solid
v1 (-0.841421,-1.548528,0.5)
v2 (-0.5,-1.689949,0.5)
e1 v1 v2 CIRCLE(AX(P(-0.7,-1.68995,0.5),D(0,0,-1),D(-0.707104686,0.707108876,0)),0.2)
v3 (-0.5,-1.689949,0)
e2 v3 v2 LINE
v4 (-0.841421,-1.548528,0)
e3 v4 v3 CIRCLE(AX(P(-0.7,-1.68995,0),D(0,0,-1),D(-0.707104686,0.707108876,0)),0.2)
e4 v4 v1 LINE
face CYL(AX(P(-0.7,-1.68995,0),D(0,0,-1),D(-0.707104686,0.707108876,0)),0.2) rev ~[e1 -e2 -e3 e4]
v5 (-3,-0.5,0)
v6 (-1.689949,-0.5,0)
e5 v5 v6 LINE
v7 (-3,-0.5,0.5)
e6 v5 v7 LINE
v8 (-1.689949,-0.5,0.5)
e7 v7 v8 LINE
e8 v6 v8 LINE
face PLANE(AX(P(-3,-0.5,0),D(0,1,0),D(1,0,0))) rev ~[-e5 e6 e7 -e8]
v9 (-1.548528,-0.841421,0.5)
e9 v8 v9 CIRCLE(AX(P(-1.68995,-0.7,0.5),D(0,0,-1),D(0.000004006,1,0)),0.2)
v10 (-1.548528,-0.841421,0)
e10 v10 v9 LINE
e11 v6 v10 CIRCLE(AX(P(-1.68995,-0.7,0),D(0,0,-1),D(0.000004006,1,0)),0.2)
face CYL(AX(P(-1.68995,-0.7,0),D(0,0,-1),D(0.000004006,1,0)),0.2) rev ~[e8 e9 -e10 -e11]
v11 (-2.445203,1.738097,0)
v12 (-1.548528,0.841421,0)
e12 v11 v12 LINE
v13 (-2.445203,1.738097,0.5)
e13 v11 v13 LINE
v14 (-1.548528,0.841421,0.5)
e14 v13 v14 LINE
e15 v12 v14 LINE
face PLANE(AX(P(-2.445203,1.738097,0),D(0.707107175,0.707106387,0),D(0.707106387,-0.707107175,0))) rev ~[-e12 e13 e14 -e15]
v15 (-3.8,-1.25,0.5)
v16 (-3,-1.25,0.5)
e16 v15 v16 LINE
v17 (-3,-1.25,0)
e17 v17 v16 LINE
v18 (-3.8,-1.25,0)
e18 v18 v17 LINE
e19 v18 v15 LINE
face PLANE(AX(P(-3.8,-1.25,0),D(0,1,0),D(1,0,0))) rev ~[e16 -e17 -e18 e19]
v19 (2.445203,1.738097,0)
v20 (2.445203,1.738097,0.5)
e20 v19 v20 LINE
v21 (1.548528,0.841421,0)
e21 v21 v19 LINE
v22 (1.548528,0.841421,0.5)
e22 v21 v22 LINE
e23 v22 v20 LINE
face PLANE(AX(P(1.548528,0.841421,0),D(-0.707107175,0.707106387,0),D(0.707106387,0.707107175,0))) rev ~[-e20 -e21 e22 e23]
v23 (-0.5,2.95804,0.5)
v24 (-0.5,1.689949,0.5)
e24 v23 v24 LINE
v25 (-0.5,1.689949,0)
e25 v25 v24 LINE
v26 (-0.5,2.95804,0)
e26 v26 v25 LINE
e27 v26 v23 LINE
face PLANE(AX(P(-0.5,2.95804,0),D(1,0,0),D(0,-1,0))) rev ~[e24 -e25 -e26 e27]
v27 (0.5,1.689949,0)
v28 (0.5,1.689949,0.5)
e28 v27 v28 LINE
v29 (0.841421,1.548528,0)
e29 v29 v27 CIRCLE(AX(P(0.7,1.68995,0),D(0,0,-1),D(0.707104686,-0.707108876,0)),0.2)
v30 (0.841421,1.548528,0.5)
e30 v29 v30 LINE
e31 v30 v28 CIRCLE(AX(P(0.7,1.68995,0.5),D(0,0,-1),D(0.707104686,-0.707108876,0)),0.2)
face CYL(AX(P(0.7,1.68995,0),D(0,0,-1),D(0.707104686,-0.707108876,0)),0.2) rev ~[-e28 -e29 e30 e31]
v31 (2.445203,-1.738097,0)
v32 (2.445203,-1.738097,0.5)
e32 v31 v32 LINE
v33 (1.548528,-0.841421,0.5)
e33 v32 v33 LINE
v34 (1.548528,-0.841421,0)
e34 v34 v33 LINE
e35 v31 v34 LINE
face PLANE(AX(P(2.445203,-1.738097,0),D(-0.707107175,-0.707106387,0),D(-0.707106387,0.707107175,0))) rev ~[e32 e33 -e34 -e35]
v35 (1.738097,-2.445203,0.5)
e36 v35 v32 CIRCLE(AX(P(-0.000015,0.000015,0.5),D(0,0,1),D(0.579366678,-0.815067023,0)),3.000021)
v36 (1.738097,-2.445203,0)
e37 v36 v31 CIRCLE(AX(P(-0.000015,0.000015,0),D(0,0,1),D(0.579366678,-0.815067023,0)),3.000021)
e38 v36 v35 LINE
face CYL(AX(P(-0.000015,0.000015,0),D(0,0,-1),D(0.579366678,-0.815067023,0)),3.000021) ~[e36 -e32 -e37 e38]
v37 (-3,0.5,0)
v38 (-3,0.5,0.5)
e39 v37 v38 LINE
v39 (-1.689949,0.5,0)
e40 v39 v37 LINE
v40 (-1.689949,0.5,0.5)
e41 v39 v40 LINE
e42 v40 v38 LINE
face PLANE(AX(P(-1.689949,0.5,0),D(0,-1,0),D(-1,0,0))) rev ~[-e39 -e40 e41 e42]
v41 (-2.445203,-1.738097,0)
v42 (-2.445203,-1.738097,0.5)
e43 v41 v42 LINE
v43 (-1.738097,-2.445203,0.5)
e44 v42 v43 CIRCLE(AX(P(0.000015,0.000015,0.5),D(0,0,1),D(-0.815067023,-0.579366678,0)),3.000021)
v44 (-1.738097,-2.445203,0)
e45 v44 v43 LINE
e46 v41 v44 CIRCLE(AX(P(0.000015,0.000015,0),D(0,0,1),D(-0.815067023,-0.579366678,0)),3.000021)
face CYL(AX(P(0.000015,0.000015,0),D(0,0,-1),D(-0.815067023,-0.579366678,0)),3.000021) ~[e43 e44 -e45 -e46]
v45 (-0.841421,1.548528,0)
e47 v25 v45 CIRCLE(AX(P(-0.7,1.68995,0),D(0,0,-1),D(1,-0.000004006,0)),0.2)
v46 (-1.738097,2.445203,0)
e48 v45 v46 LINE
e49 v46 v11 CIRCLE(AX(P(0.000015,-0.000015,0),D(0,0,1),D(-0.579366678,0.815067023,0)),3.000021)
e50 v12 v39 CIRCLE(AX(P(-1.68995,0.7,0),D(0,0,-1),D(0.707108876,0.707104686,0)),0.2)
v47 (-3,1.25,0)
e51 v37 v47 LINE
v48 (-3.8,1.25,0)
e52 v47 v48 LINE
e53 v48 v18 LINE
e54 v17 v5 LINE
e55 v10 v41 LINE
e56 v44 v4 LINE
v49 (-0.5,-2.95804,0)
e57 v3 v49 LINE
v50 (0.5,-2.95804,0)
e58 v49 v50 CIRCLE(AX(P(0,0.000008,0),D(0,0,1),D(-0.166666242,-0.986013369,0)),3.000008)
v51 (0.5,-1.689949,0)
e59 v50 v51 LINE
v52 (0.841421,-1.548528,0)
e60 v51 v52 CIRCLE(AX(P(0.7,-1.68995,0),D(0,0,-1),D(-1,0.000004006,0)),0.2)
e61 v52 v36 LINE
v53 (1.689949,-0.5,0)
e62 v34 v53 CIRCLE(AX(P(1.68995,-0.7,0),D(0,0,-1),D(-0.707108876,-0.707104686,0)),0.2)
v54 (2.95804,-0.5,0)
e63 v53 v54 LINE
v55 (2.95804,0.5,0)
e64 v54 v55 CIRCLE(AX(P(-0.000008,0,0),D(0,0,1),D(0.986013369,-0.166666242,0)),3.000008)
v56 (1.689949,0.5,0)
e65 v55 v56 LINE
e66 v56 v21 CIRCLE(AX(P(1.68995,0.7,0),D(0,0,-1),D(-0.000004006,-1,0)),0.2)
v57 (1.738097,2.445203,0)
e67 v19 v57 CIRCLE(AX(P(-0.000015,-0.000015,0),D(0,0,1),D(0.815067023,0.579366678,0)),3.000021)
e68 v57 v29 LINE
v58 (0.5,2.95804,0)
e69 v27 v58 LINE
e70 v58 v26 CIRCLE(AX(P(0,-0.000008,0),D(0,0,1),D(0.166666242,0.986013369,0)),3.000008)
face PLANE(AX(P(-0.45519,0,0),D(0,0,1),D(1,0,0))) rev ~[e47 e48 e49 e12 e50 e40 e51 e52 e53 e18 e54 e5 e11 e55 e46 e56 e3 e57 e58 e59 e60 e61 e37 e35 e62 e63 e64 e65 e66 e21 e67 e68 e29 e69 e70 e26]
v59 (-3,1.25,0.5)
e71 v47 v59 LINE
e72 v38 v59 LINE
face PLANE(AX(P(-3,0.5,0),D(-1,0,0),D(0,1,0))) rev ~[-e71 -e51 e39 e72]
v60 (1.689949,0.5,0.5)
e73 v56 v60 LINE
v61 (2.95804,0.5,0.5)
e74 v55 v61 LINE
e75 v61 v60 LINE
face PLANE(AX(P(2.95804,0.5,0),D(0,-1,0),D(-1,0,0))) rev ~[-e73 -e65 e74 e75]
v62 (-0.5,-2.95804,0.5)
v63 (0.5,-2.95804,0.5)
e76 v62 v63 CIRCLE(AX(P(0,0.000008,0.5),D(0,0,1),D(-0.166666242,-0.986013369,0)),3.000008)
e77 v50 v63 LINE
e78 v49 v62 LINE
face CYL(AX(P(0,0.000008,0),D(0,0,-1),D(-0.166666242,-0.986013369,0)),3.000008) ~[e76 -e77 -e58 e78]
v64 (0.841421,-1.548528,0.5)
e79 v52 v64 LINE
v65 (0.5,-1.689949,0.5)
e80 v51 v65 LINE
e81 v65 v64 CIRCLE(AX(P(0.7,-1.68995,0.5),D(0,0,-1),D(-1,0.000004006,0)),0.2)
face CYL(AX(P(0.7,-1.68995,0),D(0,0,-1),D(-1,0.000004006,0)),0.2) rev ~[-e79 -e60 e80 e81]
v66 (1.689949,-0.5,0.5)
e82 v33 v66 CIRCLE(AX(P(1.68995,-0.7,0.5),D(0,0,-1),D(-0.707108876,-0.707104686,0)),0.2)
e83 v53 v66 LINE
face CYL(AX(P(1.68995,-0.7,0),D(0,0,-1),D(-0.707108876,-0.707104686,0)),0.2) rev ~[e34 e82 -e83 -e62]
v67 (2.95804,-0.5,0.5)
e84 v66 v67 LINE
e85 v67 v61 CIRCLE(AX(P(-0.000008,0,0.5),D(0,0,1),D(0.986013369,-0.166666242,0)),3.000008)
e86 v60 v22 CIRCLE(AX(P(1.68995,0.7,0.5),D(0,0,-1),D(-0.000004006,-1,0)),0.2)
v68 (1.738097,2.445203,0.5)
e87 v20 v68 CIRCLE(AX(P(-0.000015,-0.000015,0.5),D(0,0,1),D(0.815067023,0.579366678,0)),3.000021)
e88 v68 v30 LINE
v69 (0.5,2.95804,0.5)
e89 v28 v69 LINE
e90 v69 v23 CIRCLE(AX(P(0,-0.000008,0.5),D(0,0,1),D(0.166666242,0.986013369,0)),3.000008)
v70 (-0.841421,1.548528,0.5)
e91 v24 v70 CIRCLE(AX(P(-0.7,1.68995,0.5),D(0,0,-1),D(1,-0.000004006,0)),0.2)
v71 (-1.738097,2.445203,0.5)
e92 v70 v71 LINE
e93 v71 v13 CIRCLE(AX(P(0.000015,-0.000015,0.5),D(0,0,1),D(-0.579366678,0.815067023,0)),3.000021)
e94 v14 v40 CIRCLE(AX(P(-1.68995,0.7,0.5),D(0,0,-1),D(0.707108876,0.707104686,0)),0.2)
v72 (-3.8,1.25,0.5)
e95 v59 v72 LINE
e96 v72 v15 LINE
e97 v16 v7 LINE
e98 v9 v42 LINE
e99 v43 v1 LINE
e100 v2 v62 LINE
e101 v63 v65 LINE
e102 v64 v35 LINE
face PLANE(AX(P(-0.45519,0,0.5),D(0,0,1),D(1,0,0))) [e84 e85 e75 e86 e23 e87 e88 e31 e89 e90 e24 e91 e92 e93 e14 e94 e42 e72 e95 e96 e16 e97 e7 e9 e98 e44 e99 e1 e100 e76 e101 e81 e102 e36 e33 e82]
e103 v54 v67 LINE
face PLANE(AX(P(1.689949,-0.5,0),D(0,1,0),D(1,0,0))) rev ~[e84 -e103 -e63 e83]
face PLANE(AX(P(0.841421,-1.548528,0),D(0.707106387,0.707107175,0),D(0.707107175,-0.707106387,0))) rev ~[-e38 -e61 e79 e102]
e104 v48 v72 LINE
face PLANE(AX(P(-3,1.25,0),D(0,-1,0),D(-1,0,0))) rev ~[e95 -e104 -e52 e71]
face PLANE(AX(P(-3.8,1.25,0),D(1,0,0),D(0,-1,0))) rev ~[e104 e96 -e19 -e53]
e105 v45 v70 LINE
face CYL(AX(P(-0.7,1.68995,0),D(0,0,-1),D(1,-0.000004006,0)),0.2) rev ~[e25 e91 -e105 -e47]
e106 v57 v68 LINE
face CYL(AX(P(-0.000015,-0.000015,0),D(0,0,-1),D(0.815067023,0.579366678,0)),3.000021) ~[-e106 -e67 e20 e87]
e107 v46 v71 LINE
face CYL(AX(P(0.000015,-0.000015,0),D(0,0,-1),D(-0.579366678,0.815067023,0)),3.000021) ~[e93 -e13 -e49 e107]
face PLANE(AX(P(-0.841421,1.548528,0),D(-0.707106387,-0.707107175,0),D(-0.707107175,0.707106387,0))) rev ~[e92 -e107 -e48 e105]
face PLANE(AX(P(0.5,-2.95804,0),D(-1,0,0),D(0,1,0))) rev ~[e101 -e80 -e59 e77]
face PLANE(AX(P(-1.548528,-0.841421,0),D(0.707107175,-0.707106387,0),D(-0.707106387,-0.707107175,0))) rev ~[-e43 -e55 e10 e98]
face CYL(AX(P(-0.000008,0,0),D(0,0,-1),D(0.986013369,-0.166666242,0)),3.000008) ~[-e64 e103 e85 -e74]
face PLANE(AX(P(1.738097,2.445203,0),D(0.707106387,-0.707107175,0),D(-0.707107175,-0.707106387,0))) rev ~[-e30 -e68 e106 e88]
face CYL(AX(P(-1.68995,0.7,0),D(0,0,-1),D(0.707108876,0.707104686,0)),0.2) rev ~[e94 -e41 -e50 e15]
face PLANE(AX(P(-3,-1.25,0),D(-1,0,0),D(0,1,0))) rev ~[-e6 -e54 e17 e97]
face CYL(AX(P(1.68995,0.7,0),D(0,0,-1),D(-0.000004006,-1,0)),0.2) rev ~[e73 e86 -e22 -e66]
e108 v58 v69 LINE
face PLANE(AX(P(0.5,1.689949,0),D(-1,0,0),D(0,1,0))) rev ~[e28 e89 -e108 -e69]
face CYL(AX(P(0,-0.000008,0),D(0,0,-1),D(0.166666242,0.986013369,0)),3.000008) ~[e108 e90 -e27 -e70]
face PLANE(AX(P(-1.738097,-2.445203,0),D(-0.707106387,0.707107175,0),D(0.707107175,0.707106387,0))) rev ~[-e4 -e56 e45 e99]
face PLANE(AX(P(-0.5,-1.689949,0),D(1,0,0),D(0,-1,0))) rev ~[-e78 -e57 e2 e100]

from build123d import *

# Parameters (mm, degrees)
F1_DEPTH = 0.5


with BuildPart() as f1:
    # F0 (on Top) → F1 (new body)
    with BuildSketch(Plane.XY):
        with BuildLine():
            Line((0.5, 1.689949), (0.5, 2.95804))
            ThreePointArc((0.5, 2.95804), (0, 3), (-0.5, 2.95804))
            Line((-0.5, 2.95804), (-0.5, 1.689949))
            ThreePointArc((-0.5, 1.689949), (-0.623463, 1.505174), (-0.841421, 1.548528))
            Line((-0.841421, 1.548528), (-1.738097, 2.445203))
            ThreePointArc((-1.738097, 2.445203), (-2.12132, 2.12132), (-2.445203, 1.738097))
            Line((-2.445203, 1.738097), (-1.548528, 0.841421))
            ThreePointArc((-1.548528, 0.841421), (-1.505174, 0.623463), (-1.689949, 0.5))
            Line((-1.689949, 0.5), (-3, 0.5))
            Line((-3, 0.5), (-3, 1.25))
            Line((-3, 1.25), (-3.8, 1.25))
            Line((-3.8, 1.25), (-3.8, -1.25))
            Line((-3.8, -1.25), (-3, -1.25))
            Line((-3, -1.25), (-3, -0.5))
            Line((-3, -0.5), (-1.689949, -0.5))
            ThreePointArc((-1.689949, -0.5), (-1.505174, -0.623463), (-1.548528, -0.841421))
            Line((-1.548528, -0.841421), (-2.445203, -1.738097))
            ThreePointArc((-2.445203, -1.738097), (-2.12132, -2.12132), (-1.738097, -2.445203))
            Line((-1.738097, -2.445203), (-0.841421, -1.548528))
            ThreePointArc((-0.841421, -1.548528), (-0.623463, -1.505174), (-0.5, -1.689949))
            Line((-0.5, -1.689949), (-0.5, -2.95804))
            ThreePointArc((-0.5, -2.95804), (0, -3), (0.5, -2.95804))
            Line((0.5, -2.95804), (0.5, -1.689949))
            ThreePointArc((0.5, -1.689949), (0.623463, -1.505174), (0.841421, -1.548528))
            Line((0.841421, -1.548528), (1.738097, -2.445203))
            ThreePointArc((1.738097, -2.445203), (2.12132, -2.12132), (2.445203, -1.738097))
            Line((2.445203, -1.738097), (1.548528, -0.841421))
            ThreePointArc((1.548528, -0.841421), (1.505174, -0.623463), (1.689949, -0.5))
            Line((1.689949, -0.5), (2.95804, -0.5))
            ThreePointArc((2.95804, -0.5), (3, 0), (2.95804, 0.5))
            Line((2.95804, 0.5), (1.689949, 0.5))
            ThreePointArc((1.689949, 0.5), (1.505174, 0.623463), (1.548528, 0.841421))
            Line((1.548528, 0.841421), (2.445203, 1.738097))
            ThreePointArc((2.445203, 1.738097), (2.12132, 2.12132), (1.738097, 2.445203))
            Line((1.738097, 2.445203), (0.841421, 1.548528))
            ThreePointArc((0.841421, 1.548528), (0.623463, 1.505174), (0.5, 1.689949))
        make_face()
    extrude(amount=F1_DEPTH)


solid = f1.part
